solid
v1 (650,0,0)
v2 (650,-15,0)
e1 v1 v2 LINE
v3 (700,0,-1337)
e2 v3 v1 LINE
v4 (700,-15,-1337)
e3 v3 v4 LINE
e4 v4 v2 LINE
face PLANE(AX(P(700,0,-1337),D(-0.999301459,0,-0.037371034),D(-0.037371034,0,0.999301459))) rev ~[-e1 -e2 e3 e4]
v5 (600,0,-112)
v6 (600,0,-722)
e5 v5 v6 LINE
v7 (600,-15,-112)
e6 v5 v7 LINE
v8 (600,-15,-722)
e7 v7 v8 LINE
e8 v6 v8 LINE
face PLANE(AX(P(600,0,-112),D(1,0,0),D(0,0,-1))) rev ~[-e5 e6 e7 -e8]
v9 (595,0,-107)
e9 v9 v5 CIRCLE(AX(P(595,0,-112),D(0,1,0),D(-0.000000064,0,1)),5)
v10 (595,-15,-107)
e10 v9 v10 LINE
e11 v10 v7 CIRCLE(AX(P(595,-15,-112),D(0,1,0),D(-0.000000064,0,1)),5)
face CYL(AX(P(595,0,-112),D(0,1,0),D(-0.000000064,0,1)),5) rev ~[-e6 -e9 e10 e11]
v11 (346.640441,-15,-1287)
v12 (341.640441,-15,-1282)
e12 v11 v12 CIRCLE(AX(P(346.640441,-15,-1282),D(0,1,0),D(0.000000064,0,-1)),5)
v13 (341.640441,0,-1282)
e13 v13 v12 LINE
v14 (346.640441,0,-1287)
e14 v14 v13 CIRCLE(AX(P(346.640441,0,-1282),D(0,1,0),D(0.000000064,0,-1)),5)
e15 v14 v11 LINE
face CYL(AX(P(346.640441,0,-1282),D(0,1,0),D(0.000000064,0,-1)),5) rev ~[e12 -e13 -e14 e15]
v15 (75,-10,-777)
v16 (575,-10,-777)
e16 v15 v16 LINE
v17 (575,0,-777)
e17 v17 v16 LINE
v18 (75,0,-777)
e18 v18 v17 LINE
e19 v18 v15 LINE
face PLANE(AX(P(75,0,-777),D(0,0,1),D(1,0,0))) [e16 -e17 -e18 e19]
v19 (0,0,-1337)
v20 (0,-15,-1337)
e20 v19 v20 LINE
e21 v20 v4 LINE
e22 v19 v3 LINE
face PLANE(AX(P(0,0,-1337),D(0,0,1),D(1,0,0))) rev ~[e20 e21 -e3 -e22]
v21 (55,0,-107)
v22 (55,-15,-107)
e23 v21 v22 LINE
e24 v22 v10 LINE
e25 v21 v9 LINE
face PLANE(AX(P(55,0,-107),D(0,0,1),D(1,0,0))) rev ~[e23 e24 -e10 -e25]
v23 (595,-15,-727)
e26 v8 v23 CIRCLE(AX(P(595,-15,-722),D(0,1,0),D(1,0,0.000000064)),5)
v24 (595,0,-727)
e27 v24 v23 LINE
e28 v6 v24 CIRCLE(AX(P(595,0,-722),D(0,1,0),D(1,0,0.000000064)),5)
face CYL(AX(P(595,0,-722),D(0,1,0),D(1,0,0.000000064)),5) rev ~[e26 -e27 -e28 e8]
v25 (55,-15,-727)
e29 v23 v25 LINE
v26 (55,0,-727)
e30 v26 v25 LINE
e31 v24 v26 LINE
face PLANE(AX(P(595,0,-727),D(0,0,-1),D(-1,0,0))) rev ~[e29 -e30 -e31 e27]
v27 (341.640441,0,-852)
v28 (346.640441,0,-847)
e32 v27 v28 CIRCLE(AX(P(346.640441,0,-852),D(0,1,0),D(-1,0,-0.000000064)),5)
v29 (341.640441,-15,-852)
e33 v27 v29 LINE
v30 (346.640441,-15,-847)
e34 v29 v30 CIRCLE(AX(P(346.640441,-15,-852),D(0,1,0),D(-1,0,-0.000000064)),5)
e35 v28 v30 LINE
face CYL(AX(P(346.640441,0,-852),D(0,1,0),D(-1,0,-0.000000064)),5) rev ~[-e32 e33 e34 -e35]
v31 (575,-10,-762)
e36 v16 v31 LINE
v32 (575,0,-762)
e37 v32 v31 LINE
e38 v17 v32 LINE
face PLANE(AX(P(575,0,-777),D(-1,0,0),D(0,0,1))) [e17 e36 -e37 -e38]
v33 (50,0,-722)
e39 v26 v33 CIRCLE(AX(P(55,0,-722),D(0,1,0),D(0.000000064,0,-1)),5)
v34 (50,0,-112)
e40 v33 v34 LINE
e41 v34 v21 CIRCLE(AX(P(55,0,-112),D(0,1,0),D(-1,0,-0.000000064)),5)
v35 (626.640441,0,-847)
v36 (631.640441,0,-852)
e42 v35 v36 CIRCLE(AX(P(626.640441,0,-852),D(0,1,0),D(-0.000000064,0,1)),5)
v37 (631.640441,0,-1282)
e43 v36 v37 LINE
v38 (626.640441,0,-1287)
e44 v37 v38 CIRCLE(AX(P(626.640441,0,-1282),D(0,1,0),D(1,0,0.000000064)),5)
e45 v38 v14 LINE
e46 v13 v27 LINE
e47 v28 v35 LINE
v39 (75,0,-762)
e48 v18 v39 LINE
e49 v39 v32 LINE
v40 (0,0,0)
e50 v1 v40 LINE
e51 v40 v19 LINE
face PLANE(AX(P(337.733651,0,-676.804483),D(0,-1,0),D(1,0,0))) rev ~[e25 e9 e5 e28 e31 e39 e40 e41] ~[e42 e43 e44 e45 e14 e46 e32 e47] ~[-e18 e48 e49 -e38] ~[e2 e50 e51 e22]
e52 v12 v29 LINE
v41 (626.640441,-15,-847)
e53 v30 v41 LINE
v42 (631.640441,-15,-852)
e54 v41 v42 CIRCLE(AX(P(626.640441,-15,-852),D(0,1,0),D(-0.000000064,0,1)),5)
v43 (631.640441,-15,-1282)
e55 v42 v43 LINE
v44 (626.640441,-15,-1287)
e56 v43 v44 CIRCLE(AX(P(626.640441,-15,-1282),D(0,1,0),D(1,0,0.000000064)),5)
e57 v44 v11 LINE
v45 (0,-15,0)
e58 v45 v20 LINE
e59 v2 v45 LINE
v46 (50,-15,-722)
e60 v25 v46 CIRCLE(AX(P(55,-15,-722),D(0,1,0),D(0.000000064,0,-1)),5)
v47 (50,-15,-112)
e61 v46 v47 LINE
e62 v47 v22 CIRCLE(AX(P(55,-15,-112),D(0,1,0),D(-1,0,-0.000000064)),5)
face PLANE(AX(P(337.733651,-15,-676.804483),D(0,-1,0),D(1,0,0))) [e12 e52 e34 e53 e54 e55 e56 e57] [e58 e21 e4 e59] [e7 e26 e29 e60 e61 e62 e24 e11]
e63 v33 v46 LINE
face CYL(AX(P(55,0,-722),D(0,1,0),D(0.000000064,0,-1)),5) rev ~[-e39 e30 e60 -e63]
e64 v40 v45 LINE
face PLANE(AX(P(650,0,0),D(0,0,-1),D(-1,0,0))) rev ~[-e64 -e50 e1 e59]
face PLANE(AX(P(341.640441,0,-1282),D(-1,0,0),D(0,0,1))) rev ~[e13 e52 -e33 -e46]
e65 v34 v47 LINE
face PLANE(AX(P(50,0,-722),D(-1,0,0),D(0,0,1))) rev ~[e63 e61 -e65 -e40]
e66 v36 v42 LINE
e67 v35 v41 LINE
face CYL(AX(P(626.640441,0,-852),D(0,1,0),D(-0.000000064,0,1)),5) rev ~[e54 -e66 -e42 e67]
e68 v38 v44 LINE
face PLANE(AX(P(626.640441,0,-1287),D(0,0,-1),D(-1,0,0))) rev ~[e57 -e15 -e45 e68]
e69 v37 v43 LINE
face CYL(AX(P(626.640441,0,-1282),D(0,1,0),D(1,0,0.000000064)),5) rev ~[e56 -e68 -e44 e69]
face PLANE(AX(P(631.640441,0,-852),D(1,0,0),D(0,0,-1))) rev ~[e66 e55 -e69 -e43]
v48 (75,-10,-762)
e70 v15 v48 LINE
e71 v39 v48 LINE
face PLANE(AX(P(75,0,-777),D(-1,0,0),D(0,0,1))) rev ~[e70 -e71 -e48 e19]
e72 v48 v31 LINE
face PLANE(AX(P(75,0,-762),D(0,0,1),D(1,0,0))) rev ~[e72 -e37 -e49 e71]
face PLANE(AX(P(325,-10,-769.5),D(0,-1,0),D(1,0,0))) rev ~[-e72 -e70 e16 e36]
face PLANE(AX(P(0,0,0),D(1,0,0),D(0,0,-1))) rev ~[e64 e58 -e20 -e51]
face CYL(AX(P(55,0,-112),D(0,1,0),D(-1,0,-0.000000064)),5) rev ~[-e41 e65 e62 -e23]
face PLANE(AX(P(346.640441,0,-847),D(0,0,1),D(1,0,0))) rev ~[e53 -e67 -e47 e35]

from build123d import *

# Parameters (mm, degrees)
F0_W     = 500
F0_H     = 15
F1_DEPTH = 15
F2_DEPTH = 10


with BuildPart() as f1:
    # F0 (on Front) → F1 (new body)
    with BuildSketch(Plane.XZ):
        Polygon((650, 0), (0, 0), (0, -1337), (700, -1337), align=None)
        with Locations((325, -769.5)):
            Rectangle(F0_W, F0_H, mode=Mode.SUBTRACT)
        with BuildLine():
            ThreePointArc((341.640441, -852), (343.104907, -848.464466), (346.640441, -847))
            Line((346.640441, -847), (626.640441, -847))
            ThreePointArc((626.640441, -847), (630.175975, -848.464466), (631.640441, -852))
            Line((631.640441, -852), (631.640441, -1282))
            ThreePointArc((631.640441, -1282), (630.175975, -1285.535534), (626.640441, -1287))
            Line((626.640441, -1287), (346.640441, -1287))
            ThreePointArc((346.640441, -1287), (343.104907, -1285.535534), (341.640441, -1282))
            Line((341.640441, -1282), (341.640441, -852))
        make_face(mode=Mode.SUBTRACT)
        with BuildLine():
            Line((55, -107), (595, -107))
            ThreePointArc((595, -107), (598.535534, -108.464466), (600, -112))
            Line((600, -112), (600, -722))
            ThreePointArc((600, -722), (598.535534, -725.535534), (595, -727))
            Line((595, -727), (55, -727))
            ThreePointArc((55, -727), (51.464466, -725.535534), (50, -722))
            Line((50, -722), (50, -112))
            ThreePointArc((50, -112), (51.464466, -108.464466), (55, -107))
        make_face(mode=Mode.SUBTRACT)
        with Locations((325, -769.5)):
            Rectangle(F0_W, F0_H)
    extrude(amount=F1_DEPTH)

    # F0 (on Front) → F2 (cut)
    with BuildSketch(Plane.XZ):
        with Locations((325, -769.5)):
            Rectangle(F0_W, F0_H)
    extrude(amount=F2_DEPTH, mode=Mode.SUBTRACT)


solid = f1.part
